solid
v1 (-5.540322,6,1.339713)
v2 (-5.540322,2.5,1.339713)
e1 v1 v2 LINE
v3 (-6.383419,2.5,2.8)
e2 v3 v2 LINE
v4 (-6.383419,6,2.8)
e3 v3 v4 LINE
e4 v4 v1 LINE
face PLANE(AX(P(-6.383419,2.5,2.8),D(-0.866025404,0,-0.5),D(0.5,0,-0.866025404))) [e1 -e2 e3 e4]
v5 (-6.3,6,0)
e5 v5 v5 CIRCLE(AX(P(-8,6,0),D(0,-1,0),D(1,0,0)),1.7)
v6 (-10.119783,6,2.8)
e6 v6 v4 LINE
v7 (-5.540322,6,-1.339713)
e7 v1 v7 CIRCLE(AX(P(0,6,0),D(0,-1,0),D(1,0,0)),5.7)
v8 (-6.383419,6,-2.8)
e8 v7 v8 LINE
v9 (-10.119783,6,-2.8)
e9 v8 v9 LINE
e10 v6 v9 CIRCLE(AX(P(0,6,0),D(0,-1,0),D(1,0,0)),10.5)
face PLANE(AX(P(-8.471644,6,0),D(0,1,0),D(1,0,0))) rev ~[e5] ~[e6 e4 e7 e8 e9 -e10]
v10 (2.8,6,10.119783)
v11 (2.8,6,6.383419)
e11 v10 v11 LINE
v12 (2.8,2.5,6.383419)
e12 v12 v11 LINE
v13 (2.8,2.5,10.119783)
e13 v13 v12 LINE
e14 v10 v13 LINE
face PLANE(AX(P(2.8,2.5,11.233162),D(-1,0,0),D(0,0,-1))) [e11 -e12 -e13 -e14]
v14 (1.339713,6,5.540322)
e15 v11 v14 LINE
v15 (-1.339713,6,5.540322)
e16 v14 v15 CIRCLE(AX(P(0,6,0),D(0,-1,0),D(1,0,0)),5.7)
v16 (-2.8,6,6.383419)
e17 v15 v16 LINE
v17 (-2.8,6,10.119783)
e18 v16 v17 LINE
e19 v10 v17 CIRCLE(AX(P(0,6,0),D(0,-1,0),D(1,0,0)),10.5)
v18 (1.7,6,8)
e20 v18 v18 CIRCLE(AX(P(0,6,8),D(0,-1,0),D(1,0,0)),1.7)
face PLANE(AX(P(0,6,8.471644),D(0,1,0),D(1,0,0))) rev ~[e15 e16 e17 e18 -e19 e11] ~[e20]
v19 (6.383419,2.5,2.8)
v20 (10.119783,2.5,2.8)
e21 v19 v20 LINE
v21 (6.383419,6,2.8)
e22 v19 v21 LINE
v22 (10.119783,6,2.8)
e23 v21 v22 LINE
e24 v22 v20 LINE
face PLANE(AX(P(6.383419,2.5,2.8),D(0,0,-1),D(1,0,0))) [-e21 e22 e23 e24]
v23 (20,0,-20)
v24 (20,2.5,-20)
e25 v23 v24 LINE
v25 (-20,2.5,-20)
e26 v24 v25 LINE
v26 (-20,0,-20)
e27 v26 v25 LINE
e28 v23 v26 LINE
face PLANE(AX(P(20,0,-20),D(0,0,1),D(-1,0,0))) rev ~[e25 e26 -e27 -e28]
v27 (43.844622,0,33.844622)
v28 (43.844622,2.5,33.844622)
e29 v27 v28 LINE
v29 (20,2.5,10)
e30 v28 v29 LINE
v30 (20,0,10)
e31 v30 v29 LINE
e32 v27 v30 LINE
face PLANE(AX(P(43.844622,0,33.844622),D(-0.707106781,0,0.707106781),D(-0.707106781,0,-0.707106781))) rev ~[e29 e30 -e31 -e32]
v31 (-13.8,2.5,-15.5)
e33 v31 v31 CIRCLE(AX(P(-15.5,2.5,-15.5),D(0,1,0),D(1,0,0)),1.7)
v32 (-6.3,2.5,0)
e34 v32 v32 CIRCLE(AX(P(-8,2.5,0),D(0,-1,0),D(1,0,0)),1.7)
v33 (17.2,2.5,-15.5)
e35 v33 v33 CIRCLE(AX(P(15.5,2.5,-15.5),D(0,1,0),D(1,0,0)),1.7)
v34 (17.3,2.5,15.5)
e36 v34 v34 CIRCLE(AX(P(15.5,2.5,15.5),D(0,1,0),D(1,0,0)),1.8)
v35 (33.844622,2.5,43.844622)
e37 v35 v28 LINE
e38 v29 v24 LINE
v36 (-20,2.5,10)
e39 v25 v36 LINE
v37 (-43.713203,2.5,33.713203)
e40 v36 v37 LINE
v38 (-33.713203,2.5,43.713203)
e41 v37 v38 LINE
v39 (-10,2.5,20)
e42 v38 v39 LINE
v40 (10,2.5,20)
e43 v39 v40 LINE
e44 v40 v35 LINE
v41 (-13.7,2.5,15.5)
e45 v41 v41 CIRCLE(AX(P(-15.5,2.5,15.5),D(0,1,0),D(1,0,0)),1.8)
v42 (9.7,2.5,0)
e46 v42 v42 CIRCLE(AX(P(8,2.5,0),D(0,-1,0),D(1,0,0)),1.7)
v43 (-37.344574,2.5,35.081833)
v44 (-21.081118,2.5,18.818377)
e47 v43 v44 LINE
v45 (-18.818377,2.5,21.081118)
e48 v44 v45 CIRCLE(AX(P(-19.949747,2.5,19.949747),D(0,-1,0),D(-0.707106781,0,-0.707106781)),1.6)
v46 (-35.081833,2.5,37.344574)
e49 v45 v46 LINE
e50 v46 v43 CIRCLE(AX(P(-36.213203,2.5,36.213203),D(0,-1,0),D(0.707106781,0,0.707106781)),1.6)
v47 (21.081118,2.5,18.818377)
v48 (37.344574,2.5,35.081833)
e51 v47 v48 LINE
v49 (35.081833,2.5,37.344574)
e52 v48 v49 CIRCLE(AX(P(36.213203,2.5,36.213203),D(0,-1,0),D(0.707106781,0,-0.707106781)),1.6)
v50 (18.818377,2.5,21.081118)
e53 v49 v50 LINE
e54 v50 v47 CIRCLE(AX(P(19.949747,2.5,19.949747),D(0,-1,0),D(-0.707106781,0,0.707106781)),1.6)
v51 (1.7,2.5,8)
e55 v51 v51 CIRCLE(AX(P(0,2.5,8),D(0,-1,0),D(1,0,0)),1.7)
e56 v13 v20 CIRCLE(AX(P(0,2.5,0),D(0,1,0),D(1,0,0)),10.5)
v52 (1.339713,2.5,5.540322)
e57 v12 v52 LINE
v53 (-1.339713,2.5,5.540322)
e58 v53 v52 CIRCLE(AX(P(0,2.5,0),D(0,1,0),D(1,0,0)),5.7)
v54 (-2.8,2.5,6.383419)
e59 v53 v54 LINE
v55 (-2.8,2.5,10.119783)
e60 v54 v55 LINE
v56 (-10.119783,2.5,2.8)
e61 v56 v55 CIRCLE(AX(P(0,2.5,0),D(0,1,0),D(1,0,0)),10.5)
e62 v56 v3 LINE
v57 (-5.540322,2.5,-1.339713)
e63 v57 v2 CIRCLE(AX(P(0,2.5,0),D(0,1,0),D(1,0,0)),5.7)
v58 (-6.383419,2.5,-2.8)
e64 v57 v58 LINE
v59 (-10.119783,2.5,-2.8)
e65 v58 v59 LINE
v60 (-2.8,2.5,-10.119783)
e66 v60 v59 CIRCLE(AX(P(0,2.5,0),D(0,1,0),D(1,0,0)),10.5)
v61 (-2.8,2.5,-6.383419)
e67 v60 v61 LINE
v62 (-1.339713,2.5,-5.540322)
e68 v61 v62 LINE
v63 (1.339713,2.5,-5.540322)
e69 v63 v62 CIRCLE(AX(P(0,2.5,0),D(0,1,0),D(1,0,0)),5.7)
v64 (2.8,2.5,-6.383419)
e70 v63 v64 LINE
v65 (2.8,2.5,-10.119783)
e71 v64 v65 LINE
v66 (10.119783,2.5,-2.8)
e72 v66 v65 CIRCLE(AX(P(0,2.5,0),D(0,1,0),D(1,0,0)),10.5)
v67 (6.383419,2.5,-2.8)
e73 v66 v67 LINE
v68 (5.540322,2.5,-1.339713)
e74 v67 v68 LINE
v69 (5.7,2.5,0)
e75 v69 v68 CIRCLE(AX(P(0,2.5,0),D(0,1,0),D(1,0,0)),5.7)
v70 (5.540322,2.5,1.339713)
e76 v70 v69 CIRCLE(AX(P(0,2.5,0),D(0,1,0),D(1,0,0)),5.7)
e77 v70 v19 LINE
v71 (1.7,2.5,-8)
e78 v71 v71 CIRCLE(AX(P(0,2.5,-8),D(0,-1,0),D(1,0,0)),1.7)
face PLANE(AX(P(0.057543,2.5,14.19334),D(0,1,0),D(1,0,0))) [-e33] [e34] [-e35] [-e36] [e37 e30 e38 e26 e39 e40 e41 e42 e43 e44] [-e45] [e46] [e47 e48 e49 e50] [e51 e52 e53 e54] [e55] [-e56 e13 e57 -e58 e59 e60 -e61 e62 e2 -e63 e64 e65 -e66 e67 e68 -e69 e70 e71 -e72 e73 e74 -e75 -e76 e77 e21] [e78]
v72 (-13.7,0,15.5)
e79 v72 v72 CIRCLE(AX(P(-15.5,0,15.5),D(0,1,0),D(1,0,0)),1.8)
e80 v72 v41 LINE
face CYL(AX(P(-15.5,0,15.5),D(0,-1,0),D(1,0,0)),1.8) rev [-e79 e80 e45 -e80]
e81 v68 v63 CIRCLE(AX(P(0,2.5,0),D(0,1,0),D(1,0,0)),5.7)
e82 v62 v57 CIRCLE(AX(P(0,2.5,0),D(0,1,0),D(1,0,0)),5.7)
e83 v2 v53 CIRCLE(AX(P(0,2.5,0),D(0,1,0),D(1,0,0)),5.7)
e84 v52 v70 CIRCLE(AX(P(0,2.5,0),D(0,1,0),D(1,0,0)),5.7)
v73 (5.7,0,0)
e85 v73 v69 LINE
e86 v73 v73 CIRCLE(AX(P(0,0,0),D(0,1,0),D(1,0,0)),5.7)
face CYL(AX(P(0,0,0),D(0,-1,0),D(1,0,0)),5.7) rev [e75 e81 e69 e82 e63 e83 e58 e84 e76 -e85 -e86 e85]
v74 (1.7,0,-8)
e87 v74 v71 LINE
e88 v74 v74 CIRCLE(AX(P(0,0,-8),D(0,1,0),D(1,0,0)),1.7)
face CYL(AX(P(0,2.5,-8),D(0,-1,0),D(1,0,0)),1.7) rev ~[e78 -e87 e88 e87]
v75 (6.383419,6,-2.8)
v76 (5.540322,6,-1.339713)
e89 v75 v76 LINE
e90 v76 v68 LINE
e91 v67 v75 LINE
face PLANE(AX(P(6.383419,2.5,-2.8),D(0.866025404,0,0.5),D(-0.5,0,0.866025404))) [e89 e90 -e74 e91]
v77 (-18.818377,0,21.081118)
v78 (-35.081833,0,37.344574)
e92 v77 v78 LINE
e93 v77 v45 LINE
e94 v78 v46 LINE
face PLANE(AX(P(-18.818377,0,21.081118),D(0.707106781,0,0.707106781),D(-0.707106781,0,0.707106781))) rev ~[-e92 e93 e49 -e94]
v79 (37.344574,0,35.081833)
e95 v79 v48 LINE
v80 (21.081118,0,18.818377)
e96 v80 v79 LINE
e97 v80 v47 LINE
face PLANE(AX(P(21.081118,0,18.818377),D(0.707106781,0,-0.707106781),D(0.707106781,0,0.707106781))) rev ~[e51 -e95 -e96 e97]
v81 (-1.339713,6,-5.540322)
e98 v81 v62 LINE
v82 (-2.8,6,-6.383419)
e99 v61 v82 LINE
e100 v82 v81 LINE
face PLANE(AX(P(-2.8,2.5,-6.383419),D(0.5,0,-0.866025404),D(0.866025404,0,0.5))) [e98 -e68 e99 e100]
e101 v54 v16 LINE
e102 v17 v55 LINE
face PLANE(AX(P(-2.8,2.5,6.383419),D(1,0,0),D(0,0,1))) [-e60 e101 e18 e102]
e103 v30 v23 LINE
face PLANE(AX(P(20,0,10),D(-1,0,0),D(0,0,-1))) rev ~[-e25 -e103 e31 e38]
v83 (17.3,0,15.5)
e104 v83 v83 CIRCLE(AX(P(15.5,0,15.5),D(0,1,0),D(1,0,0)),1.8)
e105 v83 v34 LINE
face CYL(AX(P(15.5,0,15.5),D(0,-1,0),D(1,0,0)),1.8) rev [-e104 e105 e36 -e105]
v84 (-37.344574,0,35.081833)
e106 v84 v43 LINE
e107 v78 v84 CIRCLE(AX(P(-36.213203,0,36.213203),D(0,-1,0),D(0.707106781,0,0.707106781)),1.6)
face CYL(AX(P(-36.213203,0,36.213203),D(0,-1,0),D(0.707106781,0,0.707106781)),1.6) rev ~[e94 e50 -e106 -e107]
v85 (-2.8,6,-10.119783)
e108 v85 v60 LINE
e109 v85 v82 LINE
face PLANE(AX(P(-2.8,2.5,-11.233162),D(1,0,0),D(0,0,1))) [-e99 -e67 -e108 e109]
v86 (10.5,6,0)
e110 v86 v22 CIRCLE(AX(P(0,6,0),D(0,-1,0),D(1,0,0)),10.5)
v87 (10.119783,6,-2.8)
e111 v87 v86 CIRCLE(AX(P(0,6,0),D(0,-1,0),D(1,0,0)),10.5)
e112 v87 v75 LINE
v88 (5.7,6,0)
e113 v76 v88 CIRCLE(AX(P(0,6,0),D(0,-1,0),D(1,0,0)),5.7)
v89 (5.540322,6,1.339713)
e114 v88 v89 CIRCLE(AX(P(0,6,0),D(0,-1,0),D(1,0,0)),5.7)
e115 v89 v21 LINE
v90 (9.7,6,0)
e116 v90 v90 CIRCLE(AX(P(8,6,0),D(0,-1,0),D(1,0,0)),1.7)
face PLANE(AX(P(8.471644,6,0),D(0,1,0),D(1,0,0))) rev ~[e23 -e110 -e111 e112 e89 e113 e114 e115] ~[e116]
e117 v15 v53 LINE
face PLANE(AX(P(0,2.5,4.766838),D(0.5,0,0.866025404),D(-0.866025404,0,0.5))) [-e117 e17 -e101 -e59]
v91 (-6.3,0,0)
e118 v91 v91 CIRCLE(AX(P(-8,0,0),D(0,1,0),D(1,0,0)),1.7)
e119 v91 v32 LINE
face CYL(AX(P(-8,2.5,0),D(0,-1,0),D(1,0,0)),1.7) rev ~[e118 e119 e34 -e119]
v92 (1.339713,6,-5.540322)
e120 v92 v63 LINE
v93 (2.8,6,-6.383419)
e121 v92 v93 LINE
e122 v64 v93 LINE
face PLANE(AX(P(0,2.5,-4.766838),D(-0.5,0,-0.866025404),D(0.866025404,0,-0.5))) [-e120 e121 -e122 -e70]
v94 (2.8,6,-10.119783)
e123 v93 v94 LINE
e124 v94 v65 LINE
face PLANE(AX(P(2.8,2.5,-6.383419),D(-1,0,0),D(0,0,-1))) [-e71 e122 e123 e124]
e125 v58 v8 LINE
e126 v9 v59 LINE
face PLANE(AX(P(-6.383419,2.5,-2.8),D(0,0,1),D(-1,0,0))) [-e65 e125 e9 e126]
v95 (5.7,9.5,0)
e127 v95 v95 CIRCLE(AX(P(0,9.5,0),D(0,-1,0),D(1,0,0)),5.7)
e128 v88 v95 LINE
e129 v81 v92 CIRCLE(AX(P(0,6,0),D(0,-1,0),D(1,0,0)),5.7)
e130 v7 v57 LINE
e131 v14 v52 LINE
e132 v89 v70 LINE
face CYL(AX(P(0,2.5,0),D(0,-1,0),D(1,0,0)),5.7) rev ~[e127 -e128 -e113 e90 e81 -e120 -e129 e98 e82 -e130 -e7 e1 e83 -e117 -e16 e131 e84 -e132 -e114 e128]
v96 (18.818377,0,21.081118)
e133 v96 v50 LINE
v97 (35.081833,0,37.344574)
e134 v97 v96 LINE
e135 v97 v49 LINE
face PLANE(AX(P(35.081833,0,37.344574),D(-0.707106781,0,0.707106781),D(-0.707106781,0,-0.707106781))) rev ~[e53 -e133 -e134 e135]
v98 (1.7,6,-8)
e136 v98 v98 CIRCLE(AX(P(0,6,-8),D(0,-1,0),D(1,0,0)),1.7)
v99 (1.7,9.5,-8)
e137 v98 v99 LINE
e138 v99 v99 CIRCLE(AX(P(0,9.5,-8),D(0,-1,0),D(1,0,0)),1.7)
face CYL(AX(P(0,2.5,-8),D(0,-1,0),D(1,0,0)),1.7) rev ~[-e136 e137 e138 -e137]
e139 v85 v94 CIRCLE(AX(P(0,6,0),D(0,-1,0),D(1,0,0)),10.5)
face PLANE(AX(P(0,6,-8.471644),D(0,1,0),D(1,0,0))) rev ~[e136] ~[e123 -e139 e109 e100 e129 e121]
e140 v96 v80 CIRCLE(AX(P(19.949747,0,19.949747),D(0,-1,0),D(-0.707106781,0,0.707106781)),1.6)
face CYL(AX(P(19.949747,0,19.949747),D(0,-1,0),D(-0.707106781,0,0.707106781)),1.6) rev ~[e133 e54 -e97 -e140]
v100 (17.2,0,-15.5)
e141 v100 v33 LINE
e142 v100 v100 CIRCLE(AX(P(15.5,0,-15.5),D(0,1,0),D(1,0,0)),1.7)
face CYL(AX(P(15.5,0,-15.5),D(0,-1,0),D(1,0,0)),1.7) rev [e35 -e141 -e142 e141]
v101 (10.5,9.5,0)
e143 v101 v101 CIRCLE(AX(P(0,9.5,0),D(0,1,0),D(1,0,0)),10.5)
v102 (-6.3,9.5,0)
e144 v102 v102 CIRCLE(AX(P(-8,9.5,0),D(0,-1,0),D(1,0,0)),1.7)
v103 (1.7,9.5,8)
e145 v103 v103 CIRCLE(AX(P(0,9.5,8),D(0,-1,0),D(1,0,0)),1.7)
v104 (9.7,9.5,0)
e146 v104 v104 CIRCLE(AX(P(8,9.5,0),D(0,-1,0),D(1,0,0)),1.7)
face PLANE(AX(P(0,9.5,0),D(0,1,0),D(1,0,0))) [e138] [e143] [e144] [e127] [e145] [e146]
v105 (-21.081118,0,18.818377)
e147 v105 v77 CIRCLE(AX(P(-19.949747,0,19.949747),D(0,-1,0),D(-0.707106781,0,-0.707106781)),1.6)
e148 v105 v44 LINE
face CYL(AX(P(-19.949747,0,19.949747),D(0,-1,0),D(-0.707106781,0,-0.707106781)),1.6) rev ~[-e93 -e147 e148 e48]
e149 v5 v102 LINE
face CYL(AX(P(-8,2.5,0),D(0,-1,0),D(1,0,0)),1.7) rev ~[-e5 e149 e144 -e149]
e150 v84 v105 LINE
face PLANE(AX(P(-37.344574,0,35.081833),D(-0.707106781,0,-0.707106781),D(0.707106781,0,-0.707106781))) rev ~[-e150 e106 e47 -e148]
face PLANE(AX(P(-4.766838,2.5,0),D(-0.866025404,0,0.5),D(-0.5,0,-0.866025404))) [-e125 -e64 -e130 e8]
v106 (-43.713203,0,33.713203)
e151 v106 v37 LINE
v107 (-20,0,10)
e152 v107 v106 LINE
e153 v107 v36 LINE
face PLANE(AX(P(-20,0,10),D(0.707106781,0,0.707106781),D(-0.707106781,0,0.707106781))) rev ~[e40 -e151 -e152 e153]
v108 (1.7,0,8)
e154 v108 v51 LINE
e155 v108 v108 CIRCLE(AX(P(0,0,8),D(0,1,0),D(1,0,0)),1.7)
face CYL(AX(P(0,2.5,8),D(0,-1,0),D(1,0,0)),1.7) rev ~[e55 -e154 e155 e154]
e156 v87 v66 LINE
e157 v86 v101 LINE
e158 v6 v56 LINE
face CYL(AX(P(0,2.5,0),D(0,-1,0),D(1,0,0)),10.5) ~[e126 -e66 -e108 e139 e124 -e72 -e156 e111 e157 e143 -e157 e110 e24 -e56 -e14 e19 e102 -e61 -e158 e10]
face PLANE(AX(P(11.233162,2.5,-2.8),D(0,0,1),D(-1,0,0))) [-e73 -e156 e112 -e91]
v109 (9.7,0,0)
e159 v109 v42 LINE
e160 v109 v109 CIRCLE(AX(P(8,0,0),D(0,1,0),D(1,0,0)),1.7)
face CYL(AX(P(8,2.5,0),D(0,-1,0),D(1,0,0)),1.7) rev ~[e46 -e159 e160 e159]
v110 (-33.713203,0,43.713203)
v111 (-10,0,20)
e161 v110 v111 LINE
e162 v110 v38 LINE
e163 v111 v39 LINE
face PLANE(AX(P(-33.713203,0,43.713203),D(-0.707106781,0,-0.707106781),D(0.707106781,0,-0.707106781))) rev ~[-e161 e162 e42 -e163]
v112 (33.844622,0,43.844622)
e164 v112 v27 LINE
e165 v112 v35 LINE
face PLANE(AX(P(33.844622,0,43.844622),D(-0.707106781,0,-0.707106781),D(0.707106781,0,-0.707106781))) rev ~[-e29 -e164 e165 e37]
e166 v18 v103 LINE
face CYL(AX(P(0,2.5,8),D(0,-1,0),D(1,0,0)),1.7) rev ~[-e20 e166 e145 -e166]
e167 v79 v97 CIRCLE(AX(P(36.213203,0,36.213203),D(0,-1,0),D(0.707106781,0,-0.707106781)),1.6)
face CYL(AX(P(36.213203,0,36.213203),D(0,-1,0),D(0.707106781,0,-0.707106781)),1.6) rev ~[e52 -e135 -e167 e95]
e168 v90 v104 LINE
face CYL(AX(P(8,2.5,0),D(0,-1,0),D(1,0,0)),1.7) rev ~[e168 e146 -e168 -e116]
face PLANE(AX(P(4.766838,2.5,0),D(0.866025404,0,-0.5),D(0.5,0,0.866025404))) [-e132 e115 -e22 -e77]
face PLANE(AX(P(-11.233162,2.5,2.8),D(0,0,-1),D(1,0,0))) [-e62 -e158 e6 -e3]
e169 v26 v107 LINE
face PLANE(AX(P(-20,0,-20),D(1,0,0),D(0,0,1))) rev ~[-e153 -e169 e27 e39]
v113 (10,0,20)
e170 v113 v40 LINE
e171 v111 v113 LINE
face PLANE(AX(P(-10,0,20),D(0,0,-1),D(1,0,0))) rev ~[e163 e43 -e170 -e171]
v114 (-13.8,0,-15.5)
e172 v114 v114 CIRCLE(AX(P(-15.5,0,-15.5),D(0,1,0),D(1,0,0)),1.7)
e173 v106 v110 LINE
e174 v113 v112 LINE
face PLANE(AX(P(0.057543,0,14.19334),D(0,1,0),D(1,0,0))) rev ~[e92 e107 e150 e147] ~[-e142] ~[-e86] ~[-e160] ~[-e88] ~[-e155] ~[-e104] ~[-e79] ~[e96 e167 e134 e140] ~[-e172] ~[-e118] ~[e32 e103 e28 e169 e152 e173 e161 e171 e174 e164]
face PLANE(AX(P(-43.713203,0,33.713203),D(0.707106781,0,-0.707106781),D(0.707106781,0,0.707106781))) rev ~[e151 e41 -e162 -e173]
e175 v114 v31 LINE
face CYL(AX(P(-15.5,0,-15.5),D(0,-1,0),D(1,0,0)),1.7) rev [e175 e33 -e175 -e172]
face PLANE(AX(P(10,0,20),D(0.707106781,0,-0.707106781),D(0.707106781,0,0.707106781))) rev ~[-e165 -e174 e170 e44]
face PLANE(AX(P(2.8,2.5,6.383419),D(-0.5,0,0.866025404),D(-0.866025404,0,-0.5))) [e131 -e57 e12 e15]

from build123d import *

# Parameters (mm, degrees)
SKETCH_1_R          = 1.7
SKETCH_1_R_2        = 1.8
SKETCH_1_R_3        = 5.7
EXTRUDE_1_DEPTH     = 2.5
SKETCH_2_R          = 10.5
EXTRUDE_2_DEPTH     = 7
SKETCH_4_R          = 1.7
CUT_EXTRUDE_1_DEPTH = 7
CUT_EXTRUDE_2_DEPTH = 3.5
SKETCH_6_R          = 5.7
CUT_EXTRUDE_3_DEPTH = 20


with BuildPart() as part:
    # 草图1 → 凸台-拉伸1 (new body)
    with BuildSketch(Plane(origin=(0, 0, 0), x_dir=(1, 0, 0), z_dir=(0, 1, 0))):
        Polygon((-10, -20), (10, -20), (33.844622395, -43.844622395), (43.844622395, -33.844622395), (20, -10), (20, 20), (-20, 20), (-20, -10), (-43.713203436, -33.713203436), (-33.713203436, -43.713203436), align=None)
        with Locations((-15.5, 15.5)):
            Circle(SKETCH_1_R, mode=Mode.SUBTRACT)
        with Locations((15.5, 15.5)):
            Circle(SKETCH_1_R, mode=Mode.SUBTRACT)
        with Locations((-15.5, -15.5)):
            Circle(SKETCH_1_R_2, mode=Mode.SUBTRACT)
        with Locations((15.5, -15.5)):
            Circle(SKETCH_1_R_2, mode=Mode.SUBTRACT)
        Circle(SKETCH_1_R_3, mode=Mode.SUBTRACT)
        with Locations((-8, 0)):
            Circle(SKETCH_1_R, mode=Mode.SUBTRACT)
        with Locations((0, 8)):
            Circle(SKETCH_1_R, mode=Mode.SUBTRACT)
        with Locations((8, 0)):
            Circle(SKETCH_1_R, mode=Mode.SUBTRACT)
        with Locations((0, -8)):
            Circle(SKETCH_1_R, mode=Mode.SUBTRACT)
        with BuildLine():
            Line((-18.818376618, -21.081118318), (-35.081832586, -37.344574285))
            ThreePointArc((-35.081832586, -37.344574285), (-37.344574285, -37.344574285), (-37.344574285, -35.081832586))
            Line((-37.344574285, -35.081832586), (-21.081118318, -18.818376618))
            ThreePointArc((-21.081118318, -18.818376618), (-18.818376618, -18.818376618), (-18.818376618, -21.081118318))
        make_face(mode=Mode.SUBTRACT)
        with BuildLine():
            Line((21.081118316, -18.818376616), (37.344574284, -35.081832584))
            ThreePointArc((37.344574284, -35.081832584), (37.344574284, -37.344574284), (35.081832584, -37.344574284))
            Line((35.081832584, -37.344574284), (18.818376616, -21.081118316))
            ThreePointArc((18.818376616, -21.081118316), (18.818376616, -18.818376616), (21.081118316, -18.818376616))
        make_face(mode=Mode.SUBTRACT)
    extrude(amount=EXTRUDE_1_DEPTH)

    # 草图2 → 凸台-拉伸2 (add)
    with BuildSketch(Plane(origin=(0, 2.5, 0), x_dir=(1, 0, 0), z_dir=(0, 1, 0))):
        Circle(SKETCH_2_R)
    extrude(amount=EXTRUDE_2_DEPTH)

    # 草图4 → 切除-拉伸1 (cut)
    with BuildSketch(Plane.XZ.offset(-2.5)):
        with Locations((0, -8)):
            Circle(SKETCH_4_R)
        with Locations((-8, 0)):
            Circle(SKETCH_4_R)
        with Locations((8, 0)):
            Circle(SKETCH_4_R)
        with Locations((0, 8)):
            Circle(SKETCH_4_R)
    extrude(amount=-CUT_EXTRUDE_1_DEPTH, mode=Mode.SUBTRACT)

    # 草图5 → 切除-拉伸2 (cut)
    with BuildSketch(Plane(origin=(0, 2.5, 0), x_dir=(1, 0, 0), z_dir=(0, 1, 0))):
        Polygon((-4.766838493, 0), (-6.383419246, 2.8), (-11.233161507, 2.8), (-11.233161507, -2.8), (-6.383419246, -2.8), align=None)
        Polygon((4.766838493, 0), (6.383419246, -2.8), (11.233161507, -2.8), (11.233161507, 2.8), (6.383419246, 2.8), align=None)
        Polygon((-2.8, 11.233161507), (-2.8, 6.383419246), (0, 4.766838493), (2.8, 6.383419246), (2.8, 11.233161507), align=None)
        Polygon((0, -4.766838493), (-2.8, -6.383419246), (-2.8, -11.233161507), (2.8, -11.233161507), (2.8, -6.383419246), align=None)
    extrude(amount=CUT_EXTRUDE_2_DEPTH, mode=Mode.SUBTRACT)

    # 草图6 → 切除-拉伸3 (cut)
    with BuildSketch(Plane.XZ.offset(-2.5)):
        Circle(SKETCH_6_R)
    extrude(amount=-CUT_EXTRUDE_3_DEPTH, mode=Mode.SUBTRACT)


solid = part.part
